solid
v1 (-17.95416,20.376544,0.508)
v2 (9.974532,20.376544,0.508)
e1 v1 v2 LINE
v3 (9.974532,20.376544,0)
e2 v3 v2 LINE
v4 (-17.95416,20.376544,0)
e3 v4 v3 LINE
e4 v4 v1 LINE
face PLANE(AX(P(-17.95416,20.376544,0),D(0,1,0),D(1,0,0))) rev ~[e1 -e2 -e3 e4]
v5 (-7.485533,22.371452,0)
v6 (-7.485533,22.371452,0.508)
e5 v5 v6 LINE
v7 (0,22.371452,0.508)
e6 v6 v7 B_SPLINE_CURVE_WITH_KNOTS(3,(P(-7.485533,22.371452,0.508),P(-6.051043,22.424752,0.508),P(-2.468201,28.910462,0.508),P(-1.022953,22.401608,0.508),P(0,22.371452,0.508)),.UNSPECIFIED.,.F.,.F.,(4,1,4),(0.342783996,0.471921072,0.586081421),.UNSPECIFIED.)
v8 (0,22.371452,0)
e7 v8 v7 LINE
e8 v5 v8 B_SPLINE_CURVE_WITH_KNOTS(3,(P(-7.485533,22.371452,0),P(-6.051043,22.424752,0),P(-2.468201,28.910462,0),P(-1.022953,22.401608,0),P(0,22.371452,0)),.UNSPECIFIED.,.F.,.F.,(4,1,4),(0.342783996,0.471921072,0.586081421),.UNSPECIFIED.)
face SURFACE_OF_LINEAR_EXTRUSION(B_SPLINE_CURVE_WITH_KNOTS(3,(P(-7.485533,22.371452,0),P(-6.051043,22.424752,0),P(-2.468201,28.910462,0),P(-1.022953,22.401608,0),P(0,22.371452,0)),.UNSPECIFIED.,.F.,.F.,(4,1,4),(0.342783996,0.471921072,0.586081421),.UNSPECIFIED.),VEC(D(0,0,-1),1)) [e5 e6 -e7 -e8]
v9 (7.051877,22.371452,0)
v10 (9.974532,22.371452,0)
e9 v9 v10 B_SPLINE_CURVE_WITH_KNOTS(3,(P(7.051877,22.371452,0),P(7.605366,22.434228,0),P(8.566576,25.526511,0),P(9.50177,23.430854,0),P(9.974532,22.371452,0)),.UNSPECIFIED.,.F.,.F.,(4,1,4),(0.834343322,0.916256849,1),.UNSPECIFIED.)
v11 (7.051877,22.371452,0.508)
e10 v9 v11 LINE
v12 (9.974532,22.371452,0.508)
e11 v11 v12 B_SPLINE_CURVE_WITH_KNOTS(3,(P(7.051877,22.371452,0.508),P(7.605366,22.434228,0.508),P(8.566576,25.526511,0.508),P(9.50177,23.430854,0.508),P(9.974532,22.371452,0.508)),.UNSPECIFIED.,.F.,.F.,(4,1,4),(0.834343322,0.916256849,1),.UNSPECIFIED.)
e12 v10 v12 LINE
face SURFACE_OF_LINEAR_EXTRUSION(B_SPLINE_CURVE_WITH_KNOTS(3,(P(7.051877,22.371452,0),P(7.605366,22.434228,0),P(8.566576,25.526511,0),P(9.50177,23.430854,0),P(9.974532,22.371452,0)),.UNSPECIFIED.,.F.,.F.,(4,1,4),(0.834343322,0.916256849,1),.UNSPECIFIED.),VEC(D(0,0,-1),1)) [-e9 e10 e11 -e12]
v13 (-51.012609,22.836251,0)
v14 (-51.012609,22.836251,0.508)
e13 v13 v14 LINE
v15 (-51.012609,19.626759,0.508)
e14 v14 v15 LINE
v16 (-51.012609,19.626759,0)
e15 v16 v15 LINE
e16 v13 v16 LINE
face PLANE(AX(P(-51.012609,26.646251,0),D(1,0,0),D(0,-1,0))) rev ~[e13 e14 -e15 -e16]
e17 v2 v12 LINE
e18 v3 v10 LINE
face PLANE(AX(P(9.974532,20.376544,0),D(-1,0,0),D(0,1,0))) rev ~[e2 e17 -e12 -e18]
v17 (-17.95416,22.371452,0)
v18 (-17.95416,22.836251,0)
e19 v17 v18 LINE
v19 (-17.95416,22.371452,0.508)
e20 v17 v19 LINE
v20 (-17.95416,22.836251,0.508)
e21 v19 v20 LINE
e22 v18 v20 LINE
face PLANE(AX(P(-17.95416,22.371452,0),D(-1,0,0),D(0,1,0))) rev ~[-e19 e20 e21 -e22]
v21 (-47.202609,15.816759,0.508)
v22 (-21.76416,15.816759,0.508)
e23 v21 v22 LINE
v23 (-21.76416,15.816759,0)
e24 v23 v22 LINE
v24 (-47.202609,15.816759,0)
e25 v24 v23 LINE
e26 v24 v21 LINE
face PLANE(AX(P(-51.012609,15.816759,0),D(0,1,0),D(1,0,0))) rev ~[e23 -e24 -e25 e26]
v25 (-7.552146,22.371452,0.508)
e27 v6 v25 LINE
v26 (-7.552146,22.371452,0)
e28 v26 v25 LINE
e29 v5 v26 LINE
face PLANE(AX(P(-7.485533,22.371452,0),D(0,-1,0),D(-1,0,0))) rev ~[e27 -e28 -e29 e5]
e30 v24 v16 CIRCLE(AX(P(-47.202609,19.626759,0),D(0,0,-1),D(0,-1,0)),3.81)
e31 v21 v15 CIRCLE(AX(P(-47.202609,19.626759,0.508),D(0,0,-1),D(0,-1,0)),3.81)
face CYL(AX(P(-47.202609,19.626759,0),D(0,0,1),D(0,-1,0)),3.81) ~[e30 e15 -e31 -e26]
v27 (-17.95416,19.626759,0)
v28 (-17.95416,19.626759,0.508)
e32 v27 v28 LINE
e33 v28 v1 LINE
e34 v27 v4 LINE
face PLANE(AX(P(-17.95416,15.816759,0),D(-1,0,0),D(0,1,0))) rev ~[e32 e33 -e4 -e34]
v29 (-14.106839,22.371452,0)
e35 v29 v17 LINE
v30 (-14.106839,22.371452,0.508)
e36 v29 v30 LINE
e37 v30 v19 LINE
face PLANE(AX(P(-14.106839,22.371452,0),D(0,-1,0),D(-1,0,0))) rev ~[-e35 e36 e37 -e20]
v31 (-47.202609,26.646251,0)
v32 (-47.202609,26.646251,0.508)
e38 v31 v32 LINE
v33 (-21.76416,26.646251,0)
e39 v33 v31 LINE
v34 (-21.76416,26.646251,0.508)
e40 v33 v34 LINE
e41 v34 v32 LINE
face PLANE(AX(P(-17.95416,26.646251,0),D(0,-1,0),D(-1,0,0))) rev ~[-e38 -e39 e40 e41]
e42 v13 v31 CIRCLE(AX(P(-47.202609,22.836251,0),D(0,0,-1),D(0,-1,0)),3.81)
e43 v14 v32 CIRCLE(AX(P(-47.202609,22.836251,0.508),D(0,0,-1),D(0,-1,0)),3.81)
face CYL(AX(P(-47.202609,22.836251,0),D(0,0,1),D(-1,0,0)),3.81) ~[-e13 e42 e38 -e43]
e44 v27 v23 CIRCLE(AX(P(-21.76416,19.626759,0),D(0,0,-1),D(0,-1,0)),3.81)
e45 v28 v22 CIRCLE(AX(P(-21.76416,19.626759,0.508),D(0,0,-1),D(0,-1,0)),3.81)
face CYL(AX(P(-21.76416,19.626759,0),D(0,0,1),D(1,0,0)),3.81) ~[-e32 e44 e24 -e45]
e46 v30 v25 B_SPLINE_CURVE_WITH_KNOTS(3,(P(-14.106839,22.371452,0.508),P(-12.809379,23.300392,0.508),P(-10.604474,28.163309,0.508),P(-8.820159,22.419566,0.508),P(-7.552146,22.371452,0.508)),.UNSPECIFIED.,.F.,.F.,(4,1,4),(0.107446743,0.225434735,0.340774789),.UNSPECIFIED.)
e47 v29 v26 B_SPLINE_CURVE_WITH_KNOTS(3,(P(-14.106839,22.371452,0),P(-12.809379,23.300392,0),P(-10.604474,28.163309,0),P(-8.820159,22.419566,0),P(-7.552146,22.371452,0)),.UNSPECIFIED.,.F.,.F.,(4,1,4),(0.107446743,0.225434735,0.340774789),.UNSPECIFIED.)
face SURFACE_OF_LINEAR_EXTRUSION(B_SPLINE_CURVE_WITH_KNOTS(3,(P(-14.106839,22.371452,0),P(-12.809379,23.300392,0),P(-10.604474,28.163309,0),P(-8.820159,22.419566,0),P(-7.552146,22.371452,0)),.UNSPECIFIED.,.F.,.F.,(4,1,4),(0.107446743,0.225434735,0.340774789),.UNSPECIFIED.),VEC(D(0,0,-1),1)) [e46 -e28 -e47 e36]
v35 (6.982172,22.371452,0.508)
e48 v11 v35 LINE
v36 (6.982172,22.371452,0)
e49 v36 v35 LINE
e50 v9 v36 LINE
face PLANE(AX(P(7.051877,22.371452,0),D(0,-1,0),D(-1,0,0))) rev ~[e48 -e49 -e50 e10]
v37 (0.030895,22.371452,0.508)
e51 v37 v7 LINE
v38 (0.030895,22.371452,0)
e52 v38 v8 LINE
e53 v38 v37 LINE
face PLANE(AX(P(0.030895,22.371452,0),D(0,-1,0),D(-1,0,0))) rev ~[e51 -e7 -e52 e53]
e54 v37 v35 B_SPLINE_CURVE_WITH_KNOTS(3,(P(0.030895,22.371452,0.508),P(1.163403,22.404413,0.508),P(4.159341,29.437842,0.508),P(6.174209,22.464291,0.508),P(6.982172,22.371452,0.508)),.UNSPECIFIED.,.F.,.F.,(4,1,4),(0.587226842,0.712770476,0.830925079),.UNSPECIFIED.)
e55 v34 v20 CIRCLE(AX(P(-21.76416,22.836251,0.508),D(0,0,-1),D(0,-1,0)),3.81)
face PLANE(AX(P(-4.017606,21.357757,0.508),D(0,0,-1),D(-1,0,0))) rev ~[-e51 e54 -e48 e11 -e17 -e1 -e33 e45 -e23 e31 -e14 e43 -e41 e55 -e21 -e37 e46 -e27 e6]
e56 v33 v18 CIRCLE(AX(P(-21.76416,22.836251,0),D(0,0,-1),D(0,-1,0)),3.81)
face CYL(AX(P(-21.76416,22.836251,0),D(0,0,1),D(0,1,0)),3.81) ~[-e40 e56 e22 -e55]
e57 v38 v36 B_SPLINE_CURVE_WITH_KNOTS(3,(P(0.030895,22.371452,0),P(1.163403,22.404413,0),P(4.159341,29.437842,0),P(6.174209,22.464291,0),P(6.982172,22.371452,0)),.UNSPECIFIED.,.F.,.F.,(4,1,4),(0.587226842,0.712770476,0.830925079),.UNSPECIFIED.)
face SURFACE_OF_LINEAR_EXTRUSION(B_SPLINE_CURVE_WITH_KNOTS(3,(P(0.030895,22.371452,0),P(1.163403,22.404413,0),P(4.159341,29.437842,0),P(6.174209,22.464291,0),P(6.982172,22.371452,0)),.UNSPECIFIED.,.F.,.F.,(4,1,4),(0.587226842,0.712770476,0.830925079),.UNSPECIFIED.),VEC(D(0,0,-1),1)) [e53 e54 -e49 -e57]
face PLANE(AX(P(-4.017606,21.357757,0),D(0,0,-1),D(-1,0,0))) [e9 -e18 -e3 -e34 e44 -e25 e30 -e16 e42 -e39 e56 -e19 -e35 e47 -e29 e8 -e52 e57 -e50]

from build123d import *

# Parameters (mm, degrees)
F1_DEPTH = 0.508
F2_R     = 3.81


with BuildPart() as f1:
    # F0 (on Top) → F1 (new body)
    with BuildSketch(Plane.XY):
        with BuildLine():
            add(Edge.make_bspline(
                [(-17.954159528, 22.3714523017), (-16.6212712106, 21.9484789663), (-15.2883828933, 21.5255056309), (-14.1068394296, 22.3714523017)],
                knots=[0, 0, 0, 0, 0.107446743, 0.107446743, 0.107446743, 0.107446743], degree=3))
            Line((-17.954159528, 22.3714523017), (-17.954159528, 20.3765444458))
            Line((-17.954159528, 20.3765444458), (-10.2595193312, 20.3765444458))
            Line((-10.2595193312, 20.3765444458), (-2.5648796, 20.3765444458))
            Line((-2.5648796, 20.3765444458), (5.1297605969, 20.3765444458))
            Line((5.1297605969, 20.3765444458), (9.9745318294, 20.3765444458))
            Line((9.9745318294, 20.3765444458), (9.9745318294, 22.3714523017))
            Line((9.9745318294, 22.3714523017), (7.0518772343, 22.3714523017))
            add(Edge.make_bspline(
                [(6.9821723737, 22.3714523017), (7.0055469702, 22.3687664407), (7.0287801838, 22.3688326843), (7.0518772343, 22.3714523017)],
                knots=[0.8309250787, 0.8309250787, 0.8309250787, 0.8309250787, 0.8343433221, 0.8343433221, 0.8343433221, 0.8343433221], degree=3))
            Line((6.9821723737, 22.3714523017), (0.0308948205, 22.3714523017))
            add(Edge.make_bspline(
                [(0, 22.3714523017), (0.0102637313, 22.3711497325), (0.0205621748, 22.3711515825), (0.0308948205, 22.3714523017)],
                knots=[0.5860814214, 0.5860814214, 0.5860814214, 0.5860814214, 0.5872268419, 0.5872268419, 0.5872268419, 0.5872268419], degree=3))
            Line((0, 22.3714523017), (-7.4855333008, 22.3714523017))
            add(Edge.make_bspline(
                [(-7.552146446, 22.3714523017), (-7.5300578478, 22.3706141695), (-7.5078521234, 22.3706230206), (-7.4855333008, 22.3714523017)],
                knots=[0.3407747887, 0.3407747887, 0.3407747887, 0.3407747887, 0.3427839958, 0.3427839958, 0.3427839958, 0.3427839958], degree=3))
            Line((-7.552146446, 22.3714523017), (-14.1068394296, 22.3714523017))
        make_face()
        Polygon((-17.954159528, 20.3765444458), (-17.954159528, 22.3714523017), (-17.954159528, 26.6462508589), (-51.012609154, 26.6462508589), (-51.012609154, 15.8167593181), (-17.954159528, 15.8167593181), align=None)
        with BuildLine():
            Line((-14.1068394296, 22.3714523017), (-17.954159528, 22.3714523017))
            add(Edge.make_bspline(
                [(-17.954159528, 22.3714523017), (-16.6212712106, 21.9484789663), (-15.2883828933, 21.5255056309), (-14.1068394296, 22.3714523017)],
                knots=[0, 0, 0, 0, 0.107446743, 0.107446743, 0.107446743, 0.107446743], degree=3))
        make_face()
        with BuildLine():
            add(Edge.make_bspline(
                [(-14.1068394296, 22.3714523017), (-12.8093785993, 23.3003920349), (-10.6044743023, 28.1633093033), (-8.8201591851, 22.4195659167), (-7.552146446, 22.3714523017)],
                knots=[0.107446743, 0.107446743, 0.107446743, 0.107446743, 0.2254347348, 0.3407747887, 0.3407747887, 0.3407747887, 0.3407747887], degree=3))
            Line((-14.1068394296, 22.3714523017), (-7.552146446, 22.3714523017))
        make_face()
        with BuildLine():
            Line((-7.4855333008, 22.3714523017), (-7.552146446, 22.3714523017))
            add(Edge.make_bspline(
                [(-7.552146446, 22.3714523017), (-7.5300578478, 22.3706141695), (-7.5078521234, 22.3706230206), (-7.4855333008, 22.3714523017)],
                knots=[0.3407747887, 0.3407747887, 0.3407747887, 0.3407747887, 0.3427839958, 0.3427839958, 0.3427839958, 0.3427839958], degree=3))
        make_face()
        with BuildLine():
            add(Edge.make_bspline(
                [(-7.4855333008, 22.3714523017), (-6.0510432456, 22.4247524065), (-2.4682007935, 28.9104620067), (-1.02295284, 22.4016083963), (0, 22.3714523017)],
                knots=[0.3427839958, 0.3427839958, 0.3427839958, 0.3427839958, 0.4719210722, 0.5860814214, 0.5860814214, 0.5860814214, 0.5860814214], degree=3))
            Line((-7.4855333008, 22.3714523017), (0, 22.3714523017))
        make_face()
        with BuildLine():
            Line((0.0308948205, 22.3714523017), (0, 22.3714523017))
            add(Edge.make_bspline(
                [(0, 22.3714523017), (0.0102637313, 22.3711497325), (0.0205621748, 22.3711515825), (0.0308948205, 22.3714523017)],
                knots=[0.5860814214, 0.5860814214, 0.5860814214, 0.5860814214, 0.5872268419, 0.5872268419, 0.5872268419, 0.5872268419], degree=3))
        make_face()
        with BuildLine():
            add(Edge.make_bspline(
                [(0.0308948205, 22.3714523017), (1.1634028433, 22.4044125866), (4.15934126, 29.4378416527), (6.1742087894, 22.4642914624), (6.9821723737, 22.3714523017)],
                knots=[0.5872268419, 0.5872268419, 0.5872268419, 0.5872268419, 0.7127704763, 0.8309250787, 0.8309250787, 0.8309250787, 0.8309250787], degree=3))
            Line((0.0308948205, 22.3714523017), (6.9821723737, 22.3714523017))
        make_face()
        with BuildLine():
            Line((7.0518772343, 22.3714523017), (6.9821723737, 22.3714523017))
            add(Edge.make_bspline(
                [(6.9821723737, 22.3714523017), (7.0055469702, 22.3687664407), (7.0287801838, 22.3688326843), (7.0518772343, 22.3714523017)],
                knots=[0.8309250787, 0.8309250787, 0.8309250787, 0.8309250787, 0.8343433221, 0.8343433221, 0.8343433221, 0.8343433221], degree=3))
        make_face()
        with BuildLine():
            Line((7.0518772343, 22.3714523017), (9.9745318294, 22.3714523017))
            add(Edge.make_bspline(
                [(7.0518772343, 22.3714523017), (7.6053664613, 22.4342278521), (8.5665762916, 25.5265111314), (9.5017703469, 23.4308538593), (9.9745318294, 22.3714523017)],
                knots=[0.8343433221, 0.8343433221, 0.8343433221, 0.8343433221, 0.9162568494, 1, 1, 1, 1], degree=3))
        make_face()
    extrude(amount=F1_DEPTH)

    # F2
    f2_edges = [f1.edges().sort_by_distance(p)[0] for p in [
        (-17.95416, 26.646251, 0.254),
        (-51.012609, 26.646251, 0.254),
        (-51.012609, 15.816759, 0.254),
        (-17.95416, 15.816759, 0.254),
    ]]
    fillet(f2_edges, radius=F2_R)


solid = f1.part
